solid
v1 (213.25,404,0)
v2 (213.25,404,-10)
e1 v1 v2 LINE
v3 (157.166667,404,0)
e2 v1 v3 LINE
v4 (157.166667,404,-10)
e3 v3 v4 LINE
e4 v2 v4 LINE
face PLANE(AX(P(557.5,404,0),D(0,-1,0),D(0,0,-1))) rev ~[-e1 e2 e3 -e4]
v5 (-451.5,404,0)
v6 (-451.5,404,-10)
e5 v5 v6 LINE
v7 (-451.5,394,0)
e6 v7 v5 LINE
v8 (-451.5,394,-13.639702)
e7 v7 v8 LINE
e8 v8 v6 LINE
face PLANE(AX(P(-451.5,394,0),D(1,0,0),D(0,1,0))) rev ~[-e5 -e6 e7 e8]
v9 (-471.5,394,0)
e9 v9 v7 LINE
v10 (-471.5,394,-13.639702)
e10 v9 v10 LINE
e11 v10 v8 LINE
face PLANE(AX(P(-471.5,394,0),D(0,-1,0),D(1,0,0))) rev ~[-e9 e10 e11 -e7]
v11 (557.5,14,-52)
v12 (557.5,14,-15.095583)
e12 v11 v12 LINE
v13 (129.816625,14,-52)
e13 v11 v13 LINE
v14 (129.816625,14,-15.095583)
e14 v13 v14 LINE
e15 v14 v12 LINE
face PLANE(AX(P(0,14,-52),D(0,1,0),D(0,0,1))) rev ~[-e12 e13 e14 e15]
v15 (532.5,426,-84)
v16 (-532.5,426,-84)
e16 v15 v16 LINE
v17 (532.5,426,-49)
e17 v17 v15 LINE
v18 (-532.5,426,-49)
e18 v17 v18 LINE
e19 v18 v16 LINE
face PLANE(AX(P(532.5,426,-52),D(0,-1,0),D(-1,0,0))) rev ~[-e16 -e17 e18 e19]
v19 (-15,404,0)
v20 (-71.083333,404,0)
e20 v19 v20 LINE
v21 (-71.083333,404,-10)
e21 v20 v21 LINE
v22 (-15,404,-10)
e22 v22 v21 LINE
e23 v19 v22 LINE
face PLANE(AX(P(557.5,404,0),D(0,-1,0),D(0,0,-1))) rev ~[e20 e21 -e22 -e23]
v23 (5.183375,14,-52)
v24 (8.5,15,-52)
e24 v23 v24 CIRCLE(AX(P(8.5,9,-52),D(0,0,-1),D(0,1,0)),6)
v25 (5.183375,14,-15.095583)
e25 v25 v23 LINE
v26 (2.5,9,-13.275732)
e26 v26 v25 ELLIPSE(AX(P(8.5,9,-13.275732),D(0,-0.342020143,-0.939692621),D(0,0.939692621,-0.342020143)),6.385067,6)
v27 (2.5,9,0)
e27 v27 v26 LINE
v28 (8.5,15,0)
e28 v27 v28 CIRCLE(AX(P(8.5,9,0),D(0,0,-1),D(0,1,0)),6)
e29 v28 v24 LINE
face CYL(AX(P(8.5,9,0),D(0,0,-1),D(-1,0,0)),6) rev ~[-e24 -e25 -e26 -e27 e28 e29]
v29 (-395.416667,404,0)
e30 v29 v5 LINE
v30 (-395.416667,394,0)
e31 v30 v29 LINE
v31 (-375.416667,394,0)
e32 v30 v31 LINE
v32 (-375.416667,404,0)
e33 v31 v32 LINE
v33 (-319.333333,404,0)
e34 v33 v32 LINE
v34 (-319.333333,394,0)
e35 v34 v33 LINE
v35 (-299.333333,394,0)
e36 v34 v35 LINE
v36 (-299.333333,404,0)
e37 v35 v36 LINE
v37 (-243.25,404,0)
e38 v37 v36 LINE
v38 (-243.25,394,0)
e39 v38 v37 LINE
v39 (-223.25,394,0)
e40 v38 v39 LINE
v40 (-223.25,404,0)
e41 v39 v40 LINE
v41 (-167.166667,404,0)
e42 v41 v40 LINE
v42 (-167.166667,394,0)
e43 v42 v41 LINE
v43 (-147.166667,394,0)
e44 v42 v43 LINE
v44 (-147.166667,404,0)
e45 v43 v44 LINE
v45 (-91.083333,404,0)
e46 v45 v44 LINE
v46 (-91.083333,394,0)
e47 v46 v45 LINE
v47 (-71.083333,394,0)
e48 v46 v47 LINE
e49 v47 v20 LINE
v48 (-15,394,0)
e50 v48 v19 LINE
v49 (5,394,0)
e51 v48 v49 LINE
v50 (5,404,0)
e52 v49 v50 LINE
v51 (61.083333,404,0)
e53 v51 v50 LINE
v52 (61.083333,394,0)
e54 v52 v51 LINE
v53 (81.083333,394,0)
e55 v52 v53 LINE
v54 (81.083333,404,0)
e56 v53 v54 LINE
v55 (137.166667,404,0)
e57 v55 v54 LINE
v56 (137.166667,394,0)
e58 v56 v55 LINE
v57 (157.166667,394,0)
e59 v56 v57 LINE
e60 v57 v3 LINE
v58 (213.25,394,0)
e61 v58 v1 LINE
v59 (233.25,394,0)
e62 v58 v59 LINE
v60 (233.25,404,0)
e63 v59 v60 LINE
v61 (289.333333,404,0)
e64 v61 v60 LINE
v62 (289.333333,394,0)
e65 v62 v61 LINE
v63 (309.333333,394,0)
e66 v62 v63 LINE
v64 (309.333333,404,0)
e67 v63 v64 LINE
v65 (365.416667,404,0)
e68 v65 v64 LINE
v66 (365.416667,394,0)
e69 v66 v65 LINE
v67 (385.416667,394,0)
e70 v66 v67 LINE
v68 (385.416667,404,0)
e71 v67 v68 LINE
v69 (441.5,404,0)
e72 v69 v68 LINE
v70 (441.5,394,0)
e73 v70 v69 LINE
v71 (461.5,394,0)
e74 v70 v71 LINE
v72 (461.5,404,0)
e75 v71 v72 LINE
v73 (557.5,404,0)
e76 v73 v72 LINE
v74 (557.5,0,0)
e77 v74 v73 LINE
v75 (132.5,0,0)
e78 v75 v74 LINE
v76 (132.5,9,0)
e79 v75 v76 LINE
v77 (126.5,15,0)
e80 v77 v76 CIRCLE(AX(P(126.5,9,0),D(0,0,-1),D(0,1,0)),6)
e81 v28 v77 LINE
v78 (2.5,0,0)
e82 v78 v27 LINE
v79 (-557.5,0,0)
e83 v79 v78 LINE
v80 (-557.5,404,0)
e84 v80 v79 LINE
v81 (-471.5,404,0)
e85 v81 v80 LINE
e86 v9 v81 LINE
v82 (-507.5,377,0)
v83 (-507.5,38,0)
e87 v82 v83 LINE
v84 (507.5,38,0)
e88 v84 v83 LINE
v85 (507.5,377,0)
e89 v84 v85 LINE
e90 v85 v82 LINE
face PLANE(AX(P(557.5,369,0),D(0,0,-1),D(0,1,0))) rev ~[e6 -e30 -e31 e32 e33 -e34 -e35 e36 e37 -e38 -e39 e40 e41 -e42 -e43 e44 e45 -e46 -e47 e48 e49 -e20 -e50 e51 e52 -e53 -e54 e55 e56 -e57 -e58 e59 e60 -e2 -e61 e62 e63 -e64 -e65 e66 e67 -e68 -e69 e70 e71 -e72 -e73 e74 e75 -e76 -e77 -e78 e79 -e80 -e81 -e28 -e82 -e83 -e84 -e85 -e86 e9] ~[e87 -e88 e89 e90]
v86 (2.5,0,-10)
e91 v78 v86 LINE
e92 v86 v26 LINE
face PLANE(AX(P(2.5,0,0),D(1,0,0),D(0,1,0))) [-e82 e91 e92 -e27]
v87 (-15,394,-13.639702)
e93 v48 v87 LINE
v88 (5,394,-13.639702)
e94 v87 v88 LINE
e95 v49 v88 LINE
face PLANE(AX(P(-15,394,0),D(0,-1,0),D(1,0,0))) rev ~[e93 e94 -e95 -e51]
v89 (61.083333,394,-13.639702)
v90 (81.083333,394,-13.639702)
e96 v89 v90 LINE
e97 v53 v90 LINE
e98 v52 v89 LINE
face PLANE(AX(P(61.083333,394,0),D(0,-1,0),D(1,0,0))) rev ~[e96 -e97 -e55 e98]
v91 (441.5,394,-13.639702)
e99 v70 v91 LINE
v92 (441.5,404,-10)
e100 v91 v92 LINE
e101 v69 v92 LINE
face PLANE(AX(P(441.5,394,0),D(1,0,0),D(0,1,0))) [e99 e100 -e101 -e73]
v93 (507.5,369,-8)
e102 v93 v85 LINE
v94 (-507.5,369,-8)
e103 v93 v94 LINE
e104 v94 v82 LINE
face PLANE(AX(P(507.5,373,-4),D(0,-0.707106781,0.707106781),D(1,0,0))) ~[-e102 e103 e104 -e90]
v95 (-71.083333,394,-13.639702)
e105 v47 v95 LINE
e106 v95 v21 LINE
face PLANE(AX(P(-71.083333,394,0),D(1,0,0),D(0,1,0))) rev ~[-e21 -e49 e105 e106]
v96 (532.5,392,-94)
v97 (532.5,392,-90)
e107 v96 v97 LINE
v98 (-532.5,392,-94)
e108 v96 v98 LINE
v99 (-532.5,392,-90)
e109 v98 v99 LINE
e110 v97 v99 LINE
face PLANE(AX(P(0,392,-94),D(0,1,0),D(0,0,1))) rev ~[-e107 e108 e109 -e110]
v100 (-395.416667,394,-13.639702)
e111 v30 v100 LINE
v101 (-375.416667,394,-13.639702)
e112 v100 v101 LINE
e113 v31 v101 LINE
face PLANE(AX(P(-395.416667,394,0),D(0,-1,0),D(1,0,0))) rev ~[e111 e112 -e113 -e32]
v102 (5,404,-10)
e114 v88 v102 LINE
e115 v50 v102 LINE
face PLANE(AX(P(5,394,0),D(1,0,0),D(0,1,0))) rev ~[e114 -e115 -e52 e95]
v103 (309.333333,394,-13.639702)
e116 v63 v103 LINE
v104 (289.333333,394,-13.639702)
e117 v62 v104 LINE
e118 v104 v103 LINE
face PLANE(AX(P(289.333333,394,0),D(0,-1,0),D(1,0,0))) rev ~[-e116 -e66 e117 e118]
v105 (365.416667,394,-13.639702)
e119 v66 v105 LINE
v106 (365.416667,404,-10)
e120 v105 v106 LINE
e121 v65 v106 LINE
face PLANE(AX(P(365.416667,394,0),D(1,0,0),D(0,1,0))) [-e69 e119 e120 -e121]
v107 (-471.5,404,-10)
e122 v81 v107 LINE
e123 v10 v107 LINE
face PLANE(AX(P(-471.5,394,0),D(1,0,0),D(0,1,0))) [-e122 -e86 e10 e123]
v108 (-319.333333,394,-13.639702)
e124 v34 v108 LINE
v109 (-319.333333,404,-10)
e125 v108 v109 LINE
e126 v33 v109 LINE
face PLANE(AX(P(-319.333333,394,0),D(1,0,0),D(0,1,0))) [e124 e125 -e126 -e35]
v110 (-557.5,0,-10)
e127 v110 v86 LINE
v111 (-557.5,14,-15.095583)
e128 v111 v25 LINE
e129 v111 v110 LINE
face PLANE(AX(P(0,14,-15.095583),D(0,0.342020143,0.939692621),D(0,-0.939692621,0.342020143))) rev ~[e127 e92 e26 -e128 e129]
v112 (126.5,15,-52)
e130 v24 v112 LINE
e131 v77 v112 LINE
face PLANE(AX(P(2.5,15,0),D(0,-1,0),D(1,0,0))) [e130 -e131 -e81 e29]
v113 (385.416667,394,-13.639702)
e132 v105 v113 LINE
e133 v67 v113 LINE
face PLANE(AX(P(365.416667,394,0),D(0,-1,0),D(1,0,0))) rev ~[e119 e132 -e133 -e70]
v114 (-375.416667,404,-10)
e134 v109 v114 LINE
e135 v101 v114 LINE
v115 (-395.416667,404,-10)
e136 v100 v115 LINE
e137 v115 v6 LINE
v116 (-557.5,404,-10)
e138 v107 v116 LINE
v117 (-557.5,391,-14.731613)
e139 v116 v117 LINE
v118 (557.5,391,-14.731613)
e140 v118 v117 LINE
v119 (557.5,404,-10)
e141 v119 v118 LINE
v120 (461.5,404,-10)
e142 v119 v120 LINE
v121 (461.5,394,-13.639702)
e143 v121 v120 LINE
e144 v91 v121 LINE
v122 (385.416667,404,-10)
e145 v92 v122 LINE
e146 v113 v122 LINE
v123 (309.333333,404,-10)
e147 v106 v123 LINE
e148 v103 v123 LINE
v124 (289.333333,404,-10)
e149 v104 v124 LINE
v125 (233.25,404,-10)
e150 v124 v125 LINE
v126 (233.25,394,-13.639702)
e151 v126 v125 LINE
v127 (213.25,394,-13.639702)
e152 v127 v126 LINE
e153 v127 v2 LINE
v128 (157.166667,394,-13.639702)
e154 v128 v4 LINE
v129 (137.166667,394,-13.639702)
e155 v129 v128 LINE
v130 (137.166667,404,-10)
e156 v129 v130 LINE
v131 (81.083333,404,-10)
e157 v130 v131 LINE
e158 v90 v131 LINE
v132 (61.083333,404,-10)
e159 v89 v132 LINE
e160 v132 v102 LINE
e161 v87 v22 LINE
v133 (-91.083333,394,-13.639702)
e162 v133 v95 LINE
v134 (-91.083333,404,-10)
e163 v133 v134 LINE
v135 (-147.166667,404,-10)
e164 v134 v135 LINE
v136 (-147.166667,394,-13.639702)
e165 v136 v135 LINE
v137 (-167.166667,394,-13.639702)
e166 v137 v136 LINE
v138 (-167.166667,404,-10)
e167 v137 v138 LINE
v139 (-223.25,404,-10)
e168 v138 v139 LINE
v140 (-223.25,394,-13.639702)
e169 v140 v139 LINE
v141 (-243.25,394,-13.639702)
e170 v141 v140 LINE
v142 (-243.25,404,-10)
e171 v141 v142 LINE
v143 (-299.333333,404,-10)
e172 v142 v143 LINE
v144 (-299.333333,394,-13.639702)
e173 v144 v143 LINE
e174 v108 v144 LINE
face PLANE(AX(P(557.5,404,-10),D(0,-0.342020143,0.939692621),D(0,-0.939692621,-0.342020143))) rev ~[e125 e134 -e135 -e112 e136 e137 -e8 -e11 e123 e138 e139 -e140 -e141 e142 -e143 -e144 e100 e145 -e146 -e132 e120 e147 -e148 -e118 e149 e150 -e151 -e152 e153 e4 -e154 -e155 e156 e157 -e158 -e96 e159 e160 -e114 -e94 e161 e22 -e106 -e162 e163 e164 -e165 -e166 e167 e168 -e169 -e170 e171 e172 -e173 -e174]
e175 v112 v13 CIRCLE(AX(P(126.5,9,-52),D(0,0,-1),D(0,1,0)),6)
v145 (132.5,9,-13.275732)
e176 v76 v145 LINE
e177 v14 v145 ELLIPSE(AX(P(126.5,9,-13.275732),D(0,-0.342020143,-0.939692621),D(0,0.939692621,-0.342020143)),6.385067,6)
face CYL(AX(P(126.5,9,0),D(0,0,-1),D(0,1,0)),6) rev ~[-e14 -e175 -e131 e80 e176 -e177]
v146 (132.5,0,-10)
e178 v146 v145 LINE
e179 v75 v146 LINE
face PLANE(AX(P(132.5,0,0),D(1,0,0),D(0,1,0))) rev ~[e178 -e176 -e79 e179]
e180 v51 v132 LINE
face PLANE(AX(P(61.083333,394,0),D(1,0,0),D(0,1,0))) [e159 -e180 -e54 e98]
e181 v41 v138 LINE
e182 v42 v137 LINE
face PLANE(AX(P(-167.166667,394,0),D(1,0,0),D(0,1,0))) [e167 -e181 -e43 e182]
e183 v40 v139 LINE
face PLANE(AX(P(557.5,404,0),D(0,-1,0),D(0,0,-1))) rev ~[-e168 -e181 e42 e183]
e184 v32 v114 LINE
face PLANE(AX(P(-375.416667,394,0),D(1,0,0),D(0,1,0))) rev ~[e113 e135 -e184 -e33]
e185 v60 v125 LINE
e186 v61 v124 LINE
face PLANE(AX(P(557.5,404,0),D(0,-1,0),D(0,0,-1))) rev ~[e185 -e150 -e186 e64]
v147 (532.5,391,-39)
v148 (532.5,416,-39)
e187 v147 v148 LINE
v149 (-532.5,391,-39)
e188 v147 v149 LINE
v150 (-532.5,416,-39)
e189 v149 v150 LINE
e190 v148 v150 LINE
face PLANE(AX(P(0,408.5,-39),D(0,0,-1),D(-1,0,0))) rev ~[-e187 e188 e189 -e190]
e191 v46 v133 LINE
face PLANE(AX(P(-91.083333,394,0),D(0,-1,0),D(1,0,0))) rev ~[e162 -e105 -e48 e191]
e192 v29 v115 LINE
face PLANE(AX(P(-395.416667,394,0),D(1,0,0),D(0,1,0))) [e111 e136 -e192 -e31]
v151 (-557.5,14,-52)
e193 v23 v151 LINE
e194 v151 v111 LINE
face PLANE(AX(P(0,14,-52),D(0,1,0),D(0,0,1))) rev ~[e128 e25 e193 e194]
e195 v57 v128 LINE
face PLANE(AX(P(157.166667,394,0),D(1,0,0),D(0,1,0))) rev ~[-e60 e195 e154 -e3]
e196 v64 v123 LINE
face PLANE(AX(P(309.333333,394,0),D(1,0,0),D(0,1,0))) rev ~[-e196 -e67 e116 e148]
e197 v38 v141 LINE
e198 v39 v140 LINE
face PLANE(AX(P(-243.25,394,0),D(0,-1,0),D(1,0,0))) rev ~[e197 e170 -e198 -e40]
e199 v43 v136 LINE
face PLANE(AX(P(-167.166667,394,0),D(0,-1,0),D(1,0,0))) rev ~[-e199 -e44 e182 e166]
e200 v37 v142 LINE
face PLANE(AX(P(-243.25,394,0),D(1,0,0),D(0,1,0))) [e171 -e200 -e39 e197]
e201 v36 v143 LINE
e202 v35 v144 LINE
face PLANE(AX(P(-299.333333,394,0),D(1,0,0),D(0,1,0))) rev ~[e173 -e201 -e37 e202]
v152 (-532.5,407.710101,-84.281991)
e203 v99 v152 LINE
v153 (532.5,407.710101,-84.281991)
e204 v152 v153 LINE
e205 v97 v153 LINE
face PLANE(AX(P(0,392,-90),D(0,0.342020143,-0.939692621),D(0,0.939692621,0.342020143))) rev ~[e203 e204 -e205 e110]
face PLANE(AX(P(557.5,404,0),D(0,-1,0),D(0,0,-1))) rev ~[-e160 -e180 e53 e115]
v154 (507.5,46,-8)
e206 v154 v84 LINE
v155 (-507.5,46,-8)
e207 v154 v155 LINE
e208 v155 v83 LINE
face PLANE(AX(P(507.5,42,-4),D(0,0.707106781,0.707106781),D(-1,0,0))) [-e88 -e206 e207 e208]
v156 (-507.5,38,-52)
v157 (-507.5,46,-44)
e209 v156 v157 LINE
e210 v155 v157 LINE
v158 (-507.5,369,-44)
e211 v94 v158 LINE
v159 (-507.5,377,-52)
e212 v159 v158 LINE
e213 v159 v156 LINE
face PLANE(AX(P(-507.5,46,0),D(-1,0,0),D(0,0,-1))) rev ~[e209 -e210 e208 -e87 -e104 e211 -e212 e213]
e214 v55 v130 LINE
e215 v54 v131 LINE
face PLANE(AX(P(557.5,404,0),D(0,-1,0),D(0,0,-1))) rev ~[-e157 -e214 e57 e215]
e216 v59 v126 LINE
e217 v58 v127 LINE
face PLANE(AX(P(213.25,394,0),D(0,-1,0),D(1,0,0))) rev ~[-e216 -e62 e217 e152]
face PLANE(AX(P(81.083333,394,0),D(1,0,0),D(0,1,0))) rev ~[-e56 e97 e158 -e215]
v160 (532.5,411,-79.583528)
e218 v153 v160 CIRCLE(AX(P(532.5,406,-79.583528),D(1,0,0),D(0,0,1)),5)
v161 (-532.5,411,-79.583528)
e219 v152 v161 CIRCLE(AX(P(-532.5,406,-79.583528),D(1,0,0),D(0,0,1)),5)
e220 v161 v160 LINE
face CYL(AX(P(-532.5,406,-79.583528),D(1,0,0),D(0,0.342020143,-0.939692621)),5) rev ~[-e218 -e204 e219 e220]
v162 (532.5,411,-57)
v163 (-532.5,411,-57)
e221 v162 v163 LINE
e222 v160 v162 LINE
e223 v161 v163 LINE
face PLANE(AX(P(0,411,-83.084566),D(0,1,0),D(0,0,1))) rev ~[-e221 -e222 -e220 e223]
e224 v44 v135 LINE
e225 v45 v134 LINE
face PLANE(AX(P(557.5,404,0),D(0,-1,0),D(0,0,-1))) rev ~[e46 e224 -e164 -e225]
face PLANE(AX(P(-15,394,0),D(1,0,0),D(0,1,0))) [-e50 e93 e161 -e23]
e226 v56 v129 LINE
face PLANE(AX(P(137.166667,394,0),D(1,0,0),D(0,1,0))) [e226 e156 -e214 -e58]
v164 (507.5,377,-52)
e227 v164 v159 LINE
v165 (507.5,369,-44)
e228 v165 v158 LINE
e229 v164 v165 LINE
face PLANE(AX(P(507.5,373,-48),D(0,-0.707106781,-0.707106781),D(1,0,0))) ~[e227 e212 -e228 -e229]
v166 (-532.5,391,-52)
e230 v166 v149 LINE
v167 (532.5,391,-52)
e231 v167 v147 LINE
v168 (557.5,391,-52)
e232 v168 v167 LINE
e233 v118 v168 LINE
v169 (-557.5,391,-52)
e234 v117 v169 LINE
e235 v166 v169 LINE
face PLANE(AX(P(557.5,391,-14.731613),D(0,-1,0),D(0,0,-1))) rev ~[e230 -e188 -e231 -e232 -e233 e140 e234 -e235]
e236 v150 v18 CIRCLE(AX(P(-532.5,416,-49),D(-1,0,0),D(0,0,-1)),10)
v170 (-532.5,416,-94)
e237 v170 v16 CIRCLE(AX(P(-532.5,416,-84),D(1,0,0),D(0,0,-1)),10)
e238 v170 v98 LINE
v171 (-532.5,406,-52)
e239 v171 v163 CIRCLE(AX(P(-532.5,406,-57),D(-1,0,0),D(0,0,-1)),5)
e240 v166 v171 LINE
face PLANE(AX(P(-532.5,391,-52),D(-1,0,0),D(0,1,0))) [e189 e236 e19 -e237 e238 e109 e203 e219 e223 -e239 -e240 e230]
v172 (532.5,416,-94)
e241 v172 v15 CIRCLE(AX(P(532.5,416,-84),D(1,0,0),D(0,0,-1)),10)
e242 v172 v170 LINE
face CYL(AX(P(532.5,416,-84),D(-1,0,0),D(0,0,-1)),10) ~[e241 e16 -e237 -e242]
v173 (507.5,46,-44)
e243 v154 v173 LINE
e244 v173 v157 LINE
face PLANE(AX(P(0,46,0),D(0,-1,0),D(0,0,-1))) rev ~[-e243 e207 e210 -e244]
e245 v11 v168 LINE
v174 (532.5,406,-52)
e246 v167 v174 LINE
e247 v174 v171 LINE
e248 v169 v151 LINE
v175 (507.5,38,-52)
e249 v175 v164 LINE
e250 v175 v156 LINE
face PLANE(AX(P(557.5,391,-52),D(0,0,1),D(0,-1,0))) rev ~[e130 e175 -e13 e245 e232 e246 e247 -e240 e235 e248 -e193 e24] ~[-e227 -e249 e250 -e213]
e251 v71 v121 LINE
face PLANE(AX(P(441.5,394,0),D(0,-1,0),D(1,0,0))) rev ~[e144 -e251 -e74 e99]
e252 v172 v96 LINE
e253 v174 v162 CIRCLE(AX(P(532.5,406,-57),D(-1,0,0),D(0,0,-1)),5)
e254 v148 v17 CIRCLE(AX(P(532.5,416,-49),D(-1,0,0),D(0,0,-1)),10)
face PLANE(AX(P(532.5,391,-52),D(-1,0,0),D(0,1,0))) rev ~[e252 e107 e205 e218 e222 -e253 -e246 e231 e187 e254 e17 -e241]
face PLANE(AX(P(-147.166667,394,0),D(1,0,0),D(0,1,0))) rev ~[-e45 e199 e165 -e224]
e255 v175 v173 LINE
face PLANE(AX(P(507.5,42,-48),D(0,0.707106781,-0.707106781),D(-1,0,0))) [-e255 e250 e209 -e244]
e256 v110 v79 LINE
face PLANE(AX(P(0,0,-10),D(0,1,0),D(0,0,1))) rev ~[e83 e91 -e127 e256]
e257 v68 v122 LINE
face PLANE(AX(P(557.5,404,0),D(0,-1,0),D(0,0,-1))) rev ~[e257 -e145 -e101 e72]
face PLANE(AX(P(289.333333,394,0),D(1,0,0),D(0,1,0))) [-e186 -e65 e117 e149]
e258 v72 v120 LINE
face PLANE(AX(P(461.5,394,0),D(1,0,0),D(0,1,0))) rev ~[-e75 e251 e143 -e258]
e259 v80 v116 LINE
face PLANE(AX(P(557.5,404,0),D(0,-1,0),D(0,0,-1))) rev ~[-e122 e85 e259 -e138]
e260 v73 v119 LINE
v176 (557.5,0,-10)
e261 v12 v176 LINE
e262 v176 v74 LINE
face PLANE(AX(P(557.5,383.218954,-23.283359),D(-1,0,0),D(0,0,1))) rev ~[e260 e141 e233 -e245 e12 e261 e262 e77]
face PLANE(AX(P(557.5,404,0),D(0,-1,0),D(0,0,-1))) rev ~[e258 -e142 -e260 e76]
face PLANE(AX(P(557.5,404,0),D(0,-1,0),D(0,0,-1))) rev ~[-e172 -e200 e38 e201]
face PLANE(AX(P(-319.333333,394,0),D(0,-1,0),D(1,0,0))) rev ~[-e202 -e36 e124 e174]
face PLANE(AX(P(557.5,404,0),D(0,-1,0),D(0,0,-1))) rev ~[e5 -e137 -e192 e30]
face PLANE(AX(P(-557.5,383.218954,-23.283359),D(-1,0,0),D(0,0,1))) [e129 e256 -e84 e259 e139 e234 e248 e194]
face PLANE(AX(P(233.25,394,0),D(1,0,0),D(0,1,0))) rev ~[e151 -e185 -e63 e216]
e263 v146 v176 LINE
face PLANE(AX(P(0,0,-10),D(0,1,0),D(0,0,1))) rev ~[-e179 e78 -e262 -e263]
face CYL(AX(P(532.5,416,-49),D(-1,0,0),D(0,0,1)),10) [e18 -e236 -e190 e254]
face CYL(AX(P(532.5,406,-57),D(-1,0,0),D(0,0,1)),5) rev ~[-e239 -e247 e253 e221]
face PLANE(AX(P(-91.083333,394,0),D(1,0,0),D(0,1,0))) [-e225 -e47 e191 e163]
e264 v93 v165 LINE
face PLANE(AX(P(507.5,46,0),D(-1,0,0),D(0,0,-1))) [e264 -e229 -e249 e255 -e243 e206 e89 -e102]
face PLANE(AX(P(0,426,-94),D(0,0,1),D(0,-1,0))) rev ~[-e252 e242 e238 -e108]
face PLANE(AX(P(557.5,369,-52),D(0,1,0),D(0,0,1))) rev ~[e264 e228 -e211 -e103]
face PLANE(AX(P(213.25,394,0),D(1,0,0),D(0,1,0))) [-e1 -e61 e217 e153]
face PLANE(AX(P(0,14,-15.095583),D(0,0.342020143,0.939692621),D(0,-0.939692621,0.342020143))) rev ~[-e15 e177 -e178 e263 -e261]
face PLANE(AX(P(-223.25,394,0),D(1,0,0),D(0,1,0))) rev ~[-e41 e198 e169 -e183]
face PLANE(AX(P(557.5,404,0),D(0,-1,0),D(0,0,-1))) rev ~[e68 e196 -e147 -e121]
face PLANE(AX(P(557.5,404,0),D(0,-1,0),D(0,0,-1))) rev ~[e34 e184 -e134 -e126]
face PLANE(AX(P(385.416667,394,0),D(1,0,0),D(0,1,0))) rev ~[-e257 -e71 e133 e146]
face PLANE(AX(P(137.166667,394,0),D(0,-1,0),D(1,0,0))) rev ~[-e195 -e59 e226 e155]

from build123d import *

# Parameters (mm, degrees)
BOSS_EXTRUDE1_DEPTH = 557.5
SKETCH2_W           = 50
SKETCH2_H           = 52
BOSS_EXTRUDE2_DEPTH = 323
BOSS_EXTRUDE3_DEPTH = 1115
SKETCH4_W           = 130
SKETCH4_H           = 15
CUT_EXTRUDE1_DEPTH  = 691.453655215
FILLET1_R           = 6
SKETCH8_W           = 20
SKETCH8_H           = 10
CUT_EXTRUDE3_DEPTH  = 691.453655215
SKETCH10_W          = 1065
SKETCH10_H          = 35
BOSS_EXTRUDE7_DEPTH = 13
BOSS_EXTRUDE8_DEPTH = 532.5
FILLET3_R           = 10
FILLET4_R           = 5
CHAMFER1_SIZE       = 8


with BuildPart() as part:
    # Sketch1 → Boss-Extrude1 (new, symmetric)
    with BuildSketch(Plane(origin=(0, 0, 0), x_dir=(0, 0, -1), z_dir=(1, 0, 0))):
        Polygon((0, 0), (0, 46), (52, 46), (52, 14), (15.09558328, 14), (10, 0), align=None)
    extrude(amount=BOSS_EXTRUDE1_DEPTH, both=True)

    # Sketch2 → Boss-Extrude2 (add)
    with BuildSketch(Plane(origin=(0, 46, 0), x_dir=(1, 0, 0), z_dir=(0, 1, 0))):
        with Locations((-532.5, 26)):
            Rectangle(SKETCH2_W, SKETCH2_H)
        with Locations((532.5, 26)):
            Rectangle(SKETCH2_W, SKETCH2_H)
    extrude(amount=BOSS_EXTRUDE2_DEPTH)

    # Sketch3 → Boss-Extrude3 (add)
    with BuildSketch(Plane(origin=(557.5, 0, 0), x_dir=(0, 0, -1), z_dir=(1, 0, 0))):
        Polygon((0, 369), (0, 404), (10, 404), (14.731613045, 391), (52, 391), (52, 369), align=None)
    extrude(amount=-BOSS_EXTRUDE3_DEPTH)

    # Sketch4 → Cut-Extrude1 (cut, through all)
    with BuildSketch(Plane.XY):
        with Locations((67.5, 7.5)):
            Rectangle(SKETCH4_W, SKETCH4_H)
    extrude(amount=-CUT_EXTRUDE1_DEPTH, mode=Mode.SUBTRACT)

    # Fillet1
    fillet1_edges = [part.edges().sort_by_distance(p)[0] for p in [
        (132.5, 15, -26),
        (2.5, 15, -26),
    ]]
    fillet(fillet1_edges, radius=FILLET1_R)

    # Sketch8 → Cut-Extrude3 (cut, through all)
    with BuildSketch(Plane.XY):
        with Locations((-461.5, 399)):
            Rectangle(SKETCH8_W, SKETCH8_H)
        with Locations((-385.416666667, 399)):
            Rectangle(SKETCH8_W, SKETCH8_H)
        with Locations((-309.333333333, 399)):
            Rectangle(SKETCH8_W, SKETCH8_H)
        with Locations((-233.25, 399)):
            Rectangle(SKETCH8_W, SKETCH8_H)
        with Locations((-157.166666667, 399)):
            Rectangle(SKETCH8_W, SKETCH8_H)
        with Locations((-81.083333333, 399)):
            Rectangle(SKETCH8_W, SKETCH8_H)
        with Locations((-5, 399)):
            Rectangle(SKETCH8_W, SKETCH8_H)
        with Locations((71.083333333, 399)):
            Rectangle(SKETCH8_W, SKETCH8_H)
        with Locations((147.166666667, 399)):
            Rectangle(SKETCH8_W, SKETCH8_H)
        with Locations((223.25, 399)):
            Rectangle(SKETCH8_W, SKETCH8_H)
        with Locations((299.333333333, 399)):
            Rectangle(SKETCH8_W, SKETCH8_H)
        with Locations((375.416666667, 399)):
            Rectangle(SKETCH8_W, SKETCH8_H)
        with Locations((451.5, 399)):
            Rectangle(SKETCH8_W, SKETCH8_H)
    extrude(amount=-CUT_EXTRUDE3_DEPTH, mode=Mode.SUBTRACT)

    # Sketch10 → Boss-Extrude7 (add)
    with BuildSketch(Plane(origin=(0, 0, -52), x_dir=(-1, 0, 0), z_dir=(0, 0, -1))):
        with Locations((0, 408.5)):
            Rectangle(SKETCH10_W, SKETCH10_H)
    extrude(amount=-BOSS_EXTRUDE7_DEPTH)

    # Sketch11 → Boss-Extrude8 (add, symmetric)
    with BuildSketch(Plane(origin=(0, 0, 0), x_dir=(0, 0, -1), z_dir=(1, 0, 0))):
        Polygon((39, 426), (94, 426), (94, 392), (90, 392), (83.084565549, 411), (39, 411), align=None)
    extrude(amount=BOSS_EXTRUDE8_DEPTH, both=True)

    # Fillet3
    fillet3_edges = [part.edges().sort_by_distance(p)[0] for p in [
        (0, 426, -39),
        (0, 426, -94),
    ]]
    fillet(fillet3_edges, radius=FILLET3_R)

    # Fillet4
    fillet4_edges = [part.edges().sort_by_distance(p)[0] for p in [
        (0, 411, -52),
        (0, 411, -83.084565549),
    ]]
    fillet(fillet4_edges, radius=FILLET4_R)

    # Chamfer1
    chamfer1_edges = [part.edges().sort_by_distance(p)[0] for p in [
        (0, 46, 0),
        (0, 46, -52),
        (0, 369, -52),
        (0, 369, 0),
    ]]
    chamfer(chamfer1_edges, length=CHAMFER1_SIZE)


solid = part.part
